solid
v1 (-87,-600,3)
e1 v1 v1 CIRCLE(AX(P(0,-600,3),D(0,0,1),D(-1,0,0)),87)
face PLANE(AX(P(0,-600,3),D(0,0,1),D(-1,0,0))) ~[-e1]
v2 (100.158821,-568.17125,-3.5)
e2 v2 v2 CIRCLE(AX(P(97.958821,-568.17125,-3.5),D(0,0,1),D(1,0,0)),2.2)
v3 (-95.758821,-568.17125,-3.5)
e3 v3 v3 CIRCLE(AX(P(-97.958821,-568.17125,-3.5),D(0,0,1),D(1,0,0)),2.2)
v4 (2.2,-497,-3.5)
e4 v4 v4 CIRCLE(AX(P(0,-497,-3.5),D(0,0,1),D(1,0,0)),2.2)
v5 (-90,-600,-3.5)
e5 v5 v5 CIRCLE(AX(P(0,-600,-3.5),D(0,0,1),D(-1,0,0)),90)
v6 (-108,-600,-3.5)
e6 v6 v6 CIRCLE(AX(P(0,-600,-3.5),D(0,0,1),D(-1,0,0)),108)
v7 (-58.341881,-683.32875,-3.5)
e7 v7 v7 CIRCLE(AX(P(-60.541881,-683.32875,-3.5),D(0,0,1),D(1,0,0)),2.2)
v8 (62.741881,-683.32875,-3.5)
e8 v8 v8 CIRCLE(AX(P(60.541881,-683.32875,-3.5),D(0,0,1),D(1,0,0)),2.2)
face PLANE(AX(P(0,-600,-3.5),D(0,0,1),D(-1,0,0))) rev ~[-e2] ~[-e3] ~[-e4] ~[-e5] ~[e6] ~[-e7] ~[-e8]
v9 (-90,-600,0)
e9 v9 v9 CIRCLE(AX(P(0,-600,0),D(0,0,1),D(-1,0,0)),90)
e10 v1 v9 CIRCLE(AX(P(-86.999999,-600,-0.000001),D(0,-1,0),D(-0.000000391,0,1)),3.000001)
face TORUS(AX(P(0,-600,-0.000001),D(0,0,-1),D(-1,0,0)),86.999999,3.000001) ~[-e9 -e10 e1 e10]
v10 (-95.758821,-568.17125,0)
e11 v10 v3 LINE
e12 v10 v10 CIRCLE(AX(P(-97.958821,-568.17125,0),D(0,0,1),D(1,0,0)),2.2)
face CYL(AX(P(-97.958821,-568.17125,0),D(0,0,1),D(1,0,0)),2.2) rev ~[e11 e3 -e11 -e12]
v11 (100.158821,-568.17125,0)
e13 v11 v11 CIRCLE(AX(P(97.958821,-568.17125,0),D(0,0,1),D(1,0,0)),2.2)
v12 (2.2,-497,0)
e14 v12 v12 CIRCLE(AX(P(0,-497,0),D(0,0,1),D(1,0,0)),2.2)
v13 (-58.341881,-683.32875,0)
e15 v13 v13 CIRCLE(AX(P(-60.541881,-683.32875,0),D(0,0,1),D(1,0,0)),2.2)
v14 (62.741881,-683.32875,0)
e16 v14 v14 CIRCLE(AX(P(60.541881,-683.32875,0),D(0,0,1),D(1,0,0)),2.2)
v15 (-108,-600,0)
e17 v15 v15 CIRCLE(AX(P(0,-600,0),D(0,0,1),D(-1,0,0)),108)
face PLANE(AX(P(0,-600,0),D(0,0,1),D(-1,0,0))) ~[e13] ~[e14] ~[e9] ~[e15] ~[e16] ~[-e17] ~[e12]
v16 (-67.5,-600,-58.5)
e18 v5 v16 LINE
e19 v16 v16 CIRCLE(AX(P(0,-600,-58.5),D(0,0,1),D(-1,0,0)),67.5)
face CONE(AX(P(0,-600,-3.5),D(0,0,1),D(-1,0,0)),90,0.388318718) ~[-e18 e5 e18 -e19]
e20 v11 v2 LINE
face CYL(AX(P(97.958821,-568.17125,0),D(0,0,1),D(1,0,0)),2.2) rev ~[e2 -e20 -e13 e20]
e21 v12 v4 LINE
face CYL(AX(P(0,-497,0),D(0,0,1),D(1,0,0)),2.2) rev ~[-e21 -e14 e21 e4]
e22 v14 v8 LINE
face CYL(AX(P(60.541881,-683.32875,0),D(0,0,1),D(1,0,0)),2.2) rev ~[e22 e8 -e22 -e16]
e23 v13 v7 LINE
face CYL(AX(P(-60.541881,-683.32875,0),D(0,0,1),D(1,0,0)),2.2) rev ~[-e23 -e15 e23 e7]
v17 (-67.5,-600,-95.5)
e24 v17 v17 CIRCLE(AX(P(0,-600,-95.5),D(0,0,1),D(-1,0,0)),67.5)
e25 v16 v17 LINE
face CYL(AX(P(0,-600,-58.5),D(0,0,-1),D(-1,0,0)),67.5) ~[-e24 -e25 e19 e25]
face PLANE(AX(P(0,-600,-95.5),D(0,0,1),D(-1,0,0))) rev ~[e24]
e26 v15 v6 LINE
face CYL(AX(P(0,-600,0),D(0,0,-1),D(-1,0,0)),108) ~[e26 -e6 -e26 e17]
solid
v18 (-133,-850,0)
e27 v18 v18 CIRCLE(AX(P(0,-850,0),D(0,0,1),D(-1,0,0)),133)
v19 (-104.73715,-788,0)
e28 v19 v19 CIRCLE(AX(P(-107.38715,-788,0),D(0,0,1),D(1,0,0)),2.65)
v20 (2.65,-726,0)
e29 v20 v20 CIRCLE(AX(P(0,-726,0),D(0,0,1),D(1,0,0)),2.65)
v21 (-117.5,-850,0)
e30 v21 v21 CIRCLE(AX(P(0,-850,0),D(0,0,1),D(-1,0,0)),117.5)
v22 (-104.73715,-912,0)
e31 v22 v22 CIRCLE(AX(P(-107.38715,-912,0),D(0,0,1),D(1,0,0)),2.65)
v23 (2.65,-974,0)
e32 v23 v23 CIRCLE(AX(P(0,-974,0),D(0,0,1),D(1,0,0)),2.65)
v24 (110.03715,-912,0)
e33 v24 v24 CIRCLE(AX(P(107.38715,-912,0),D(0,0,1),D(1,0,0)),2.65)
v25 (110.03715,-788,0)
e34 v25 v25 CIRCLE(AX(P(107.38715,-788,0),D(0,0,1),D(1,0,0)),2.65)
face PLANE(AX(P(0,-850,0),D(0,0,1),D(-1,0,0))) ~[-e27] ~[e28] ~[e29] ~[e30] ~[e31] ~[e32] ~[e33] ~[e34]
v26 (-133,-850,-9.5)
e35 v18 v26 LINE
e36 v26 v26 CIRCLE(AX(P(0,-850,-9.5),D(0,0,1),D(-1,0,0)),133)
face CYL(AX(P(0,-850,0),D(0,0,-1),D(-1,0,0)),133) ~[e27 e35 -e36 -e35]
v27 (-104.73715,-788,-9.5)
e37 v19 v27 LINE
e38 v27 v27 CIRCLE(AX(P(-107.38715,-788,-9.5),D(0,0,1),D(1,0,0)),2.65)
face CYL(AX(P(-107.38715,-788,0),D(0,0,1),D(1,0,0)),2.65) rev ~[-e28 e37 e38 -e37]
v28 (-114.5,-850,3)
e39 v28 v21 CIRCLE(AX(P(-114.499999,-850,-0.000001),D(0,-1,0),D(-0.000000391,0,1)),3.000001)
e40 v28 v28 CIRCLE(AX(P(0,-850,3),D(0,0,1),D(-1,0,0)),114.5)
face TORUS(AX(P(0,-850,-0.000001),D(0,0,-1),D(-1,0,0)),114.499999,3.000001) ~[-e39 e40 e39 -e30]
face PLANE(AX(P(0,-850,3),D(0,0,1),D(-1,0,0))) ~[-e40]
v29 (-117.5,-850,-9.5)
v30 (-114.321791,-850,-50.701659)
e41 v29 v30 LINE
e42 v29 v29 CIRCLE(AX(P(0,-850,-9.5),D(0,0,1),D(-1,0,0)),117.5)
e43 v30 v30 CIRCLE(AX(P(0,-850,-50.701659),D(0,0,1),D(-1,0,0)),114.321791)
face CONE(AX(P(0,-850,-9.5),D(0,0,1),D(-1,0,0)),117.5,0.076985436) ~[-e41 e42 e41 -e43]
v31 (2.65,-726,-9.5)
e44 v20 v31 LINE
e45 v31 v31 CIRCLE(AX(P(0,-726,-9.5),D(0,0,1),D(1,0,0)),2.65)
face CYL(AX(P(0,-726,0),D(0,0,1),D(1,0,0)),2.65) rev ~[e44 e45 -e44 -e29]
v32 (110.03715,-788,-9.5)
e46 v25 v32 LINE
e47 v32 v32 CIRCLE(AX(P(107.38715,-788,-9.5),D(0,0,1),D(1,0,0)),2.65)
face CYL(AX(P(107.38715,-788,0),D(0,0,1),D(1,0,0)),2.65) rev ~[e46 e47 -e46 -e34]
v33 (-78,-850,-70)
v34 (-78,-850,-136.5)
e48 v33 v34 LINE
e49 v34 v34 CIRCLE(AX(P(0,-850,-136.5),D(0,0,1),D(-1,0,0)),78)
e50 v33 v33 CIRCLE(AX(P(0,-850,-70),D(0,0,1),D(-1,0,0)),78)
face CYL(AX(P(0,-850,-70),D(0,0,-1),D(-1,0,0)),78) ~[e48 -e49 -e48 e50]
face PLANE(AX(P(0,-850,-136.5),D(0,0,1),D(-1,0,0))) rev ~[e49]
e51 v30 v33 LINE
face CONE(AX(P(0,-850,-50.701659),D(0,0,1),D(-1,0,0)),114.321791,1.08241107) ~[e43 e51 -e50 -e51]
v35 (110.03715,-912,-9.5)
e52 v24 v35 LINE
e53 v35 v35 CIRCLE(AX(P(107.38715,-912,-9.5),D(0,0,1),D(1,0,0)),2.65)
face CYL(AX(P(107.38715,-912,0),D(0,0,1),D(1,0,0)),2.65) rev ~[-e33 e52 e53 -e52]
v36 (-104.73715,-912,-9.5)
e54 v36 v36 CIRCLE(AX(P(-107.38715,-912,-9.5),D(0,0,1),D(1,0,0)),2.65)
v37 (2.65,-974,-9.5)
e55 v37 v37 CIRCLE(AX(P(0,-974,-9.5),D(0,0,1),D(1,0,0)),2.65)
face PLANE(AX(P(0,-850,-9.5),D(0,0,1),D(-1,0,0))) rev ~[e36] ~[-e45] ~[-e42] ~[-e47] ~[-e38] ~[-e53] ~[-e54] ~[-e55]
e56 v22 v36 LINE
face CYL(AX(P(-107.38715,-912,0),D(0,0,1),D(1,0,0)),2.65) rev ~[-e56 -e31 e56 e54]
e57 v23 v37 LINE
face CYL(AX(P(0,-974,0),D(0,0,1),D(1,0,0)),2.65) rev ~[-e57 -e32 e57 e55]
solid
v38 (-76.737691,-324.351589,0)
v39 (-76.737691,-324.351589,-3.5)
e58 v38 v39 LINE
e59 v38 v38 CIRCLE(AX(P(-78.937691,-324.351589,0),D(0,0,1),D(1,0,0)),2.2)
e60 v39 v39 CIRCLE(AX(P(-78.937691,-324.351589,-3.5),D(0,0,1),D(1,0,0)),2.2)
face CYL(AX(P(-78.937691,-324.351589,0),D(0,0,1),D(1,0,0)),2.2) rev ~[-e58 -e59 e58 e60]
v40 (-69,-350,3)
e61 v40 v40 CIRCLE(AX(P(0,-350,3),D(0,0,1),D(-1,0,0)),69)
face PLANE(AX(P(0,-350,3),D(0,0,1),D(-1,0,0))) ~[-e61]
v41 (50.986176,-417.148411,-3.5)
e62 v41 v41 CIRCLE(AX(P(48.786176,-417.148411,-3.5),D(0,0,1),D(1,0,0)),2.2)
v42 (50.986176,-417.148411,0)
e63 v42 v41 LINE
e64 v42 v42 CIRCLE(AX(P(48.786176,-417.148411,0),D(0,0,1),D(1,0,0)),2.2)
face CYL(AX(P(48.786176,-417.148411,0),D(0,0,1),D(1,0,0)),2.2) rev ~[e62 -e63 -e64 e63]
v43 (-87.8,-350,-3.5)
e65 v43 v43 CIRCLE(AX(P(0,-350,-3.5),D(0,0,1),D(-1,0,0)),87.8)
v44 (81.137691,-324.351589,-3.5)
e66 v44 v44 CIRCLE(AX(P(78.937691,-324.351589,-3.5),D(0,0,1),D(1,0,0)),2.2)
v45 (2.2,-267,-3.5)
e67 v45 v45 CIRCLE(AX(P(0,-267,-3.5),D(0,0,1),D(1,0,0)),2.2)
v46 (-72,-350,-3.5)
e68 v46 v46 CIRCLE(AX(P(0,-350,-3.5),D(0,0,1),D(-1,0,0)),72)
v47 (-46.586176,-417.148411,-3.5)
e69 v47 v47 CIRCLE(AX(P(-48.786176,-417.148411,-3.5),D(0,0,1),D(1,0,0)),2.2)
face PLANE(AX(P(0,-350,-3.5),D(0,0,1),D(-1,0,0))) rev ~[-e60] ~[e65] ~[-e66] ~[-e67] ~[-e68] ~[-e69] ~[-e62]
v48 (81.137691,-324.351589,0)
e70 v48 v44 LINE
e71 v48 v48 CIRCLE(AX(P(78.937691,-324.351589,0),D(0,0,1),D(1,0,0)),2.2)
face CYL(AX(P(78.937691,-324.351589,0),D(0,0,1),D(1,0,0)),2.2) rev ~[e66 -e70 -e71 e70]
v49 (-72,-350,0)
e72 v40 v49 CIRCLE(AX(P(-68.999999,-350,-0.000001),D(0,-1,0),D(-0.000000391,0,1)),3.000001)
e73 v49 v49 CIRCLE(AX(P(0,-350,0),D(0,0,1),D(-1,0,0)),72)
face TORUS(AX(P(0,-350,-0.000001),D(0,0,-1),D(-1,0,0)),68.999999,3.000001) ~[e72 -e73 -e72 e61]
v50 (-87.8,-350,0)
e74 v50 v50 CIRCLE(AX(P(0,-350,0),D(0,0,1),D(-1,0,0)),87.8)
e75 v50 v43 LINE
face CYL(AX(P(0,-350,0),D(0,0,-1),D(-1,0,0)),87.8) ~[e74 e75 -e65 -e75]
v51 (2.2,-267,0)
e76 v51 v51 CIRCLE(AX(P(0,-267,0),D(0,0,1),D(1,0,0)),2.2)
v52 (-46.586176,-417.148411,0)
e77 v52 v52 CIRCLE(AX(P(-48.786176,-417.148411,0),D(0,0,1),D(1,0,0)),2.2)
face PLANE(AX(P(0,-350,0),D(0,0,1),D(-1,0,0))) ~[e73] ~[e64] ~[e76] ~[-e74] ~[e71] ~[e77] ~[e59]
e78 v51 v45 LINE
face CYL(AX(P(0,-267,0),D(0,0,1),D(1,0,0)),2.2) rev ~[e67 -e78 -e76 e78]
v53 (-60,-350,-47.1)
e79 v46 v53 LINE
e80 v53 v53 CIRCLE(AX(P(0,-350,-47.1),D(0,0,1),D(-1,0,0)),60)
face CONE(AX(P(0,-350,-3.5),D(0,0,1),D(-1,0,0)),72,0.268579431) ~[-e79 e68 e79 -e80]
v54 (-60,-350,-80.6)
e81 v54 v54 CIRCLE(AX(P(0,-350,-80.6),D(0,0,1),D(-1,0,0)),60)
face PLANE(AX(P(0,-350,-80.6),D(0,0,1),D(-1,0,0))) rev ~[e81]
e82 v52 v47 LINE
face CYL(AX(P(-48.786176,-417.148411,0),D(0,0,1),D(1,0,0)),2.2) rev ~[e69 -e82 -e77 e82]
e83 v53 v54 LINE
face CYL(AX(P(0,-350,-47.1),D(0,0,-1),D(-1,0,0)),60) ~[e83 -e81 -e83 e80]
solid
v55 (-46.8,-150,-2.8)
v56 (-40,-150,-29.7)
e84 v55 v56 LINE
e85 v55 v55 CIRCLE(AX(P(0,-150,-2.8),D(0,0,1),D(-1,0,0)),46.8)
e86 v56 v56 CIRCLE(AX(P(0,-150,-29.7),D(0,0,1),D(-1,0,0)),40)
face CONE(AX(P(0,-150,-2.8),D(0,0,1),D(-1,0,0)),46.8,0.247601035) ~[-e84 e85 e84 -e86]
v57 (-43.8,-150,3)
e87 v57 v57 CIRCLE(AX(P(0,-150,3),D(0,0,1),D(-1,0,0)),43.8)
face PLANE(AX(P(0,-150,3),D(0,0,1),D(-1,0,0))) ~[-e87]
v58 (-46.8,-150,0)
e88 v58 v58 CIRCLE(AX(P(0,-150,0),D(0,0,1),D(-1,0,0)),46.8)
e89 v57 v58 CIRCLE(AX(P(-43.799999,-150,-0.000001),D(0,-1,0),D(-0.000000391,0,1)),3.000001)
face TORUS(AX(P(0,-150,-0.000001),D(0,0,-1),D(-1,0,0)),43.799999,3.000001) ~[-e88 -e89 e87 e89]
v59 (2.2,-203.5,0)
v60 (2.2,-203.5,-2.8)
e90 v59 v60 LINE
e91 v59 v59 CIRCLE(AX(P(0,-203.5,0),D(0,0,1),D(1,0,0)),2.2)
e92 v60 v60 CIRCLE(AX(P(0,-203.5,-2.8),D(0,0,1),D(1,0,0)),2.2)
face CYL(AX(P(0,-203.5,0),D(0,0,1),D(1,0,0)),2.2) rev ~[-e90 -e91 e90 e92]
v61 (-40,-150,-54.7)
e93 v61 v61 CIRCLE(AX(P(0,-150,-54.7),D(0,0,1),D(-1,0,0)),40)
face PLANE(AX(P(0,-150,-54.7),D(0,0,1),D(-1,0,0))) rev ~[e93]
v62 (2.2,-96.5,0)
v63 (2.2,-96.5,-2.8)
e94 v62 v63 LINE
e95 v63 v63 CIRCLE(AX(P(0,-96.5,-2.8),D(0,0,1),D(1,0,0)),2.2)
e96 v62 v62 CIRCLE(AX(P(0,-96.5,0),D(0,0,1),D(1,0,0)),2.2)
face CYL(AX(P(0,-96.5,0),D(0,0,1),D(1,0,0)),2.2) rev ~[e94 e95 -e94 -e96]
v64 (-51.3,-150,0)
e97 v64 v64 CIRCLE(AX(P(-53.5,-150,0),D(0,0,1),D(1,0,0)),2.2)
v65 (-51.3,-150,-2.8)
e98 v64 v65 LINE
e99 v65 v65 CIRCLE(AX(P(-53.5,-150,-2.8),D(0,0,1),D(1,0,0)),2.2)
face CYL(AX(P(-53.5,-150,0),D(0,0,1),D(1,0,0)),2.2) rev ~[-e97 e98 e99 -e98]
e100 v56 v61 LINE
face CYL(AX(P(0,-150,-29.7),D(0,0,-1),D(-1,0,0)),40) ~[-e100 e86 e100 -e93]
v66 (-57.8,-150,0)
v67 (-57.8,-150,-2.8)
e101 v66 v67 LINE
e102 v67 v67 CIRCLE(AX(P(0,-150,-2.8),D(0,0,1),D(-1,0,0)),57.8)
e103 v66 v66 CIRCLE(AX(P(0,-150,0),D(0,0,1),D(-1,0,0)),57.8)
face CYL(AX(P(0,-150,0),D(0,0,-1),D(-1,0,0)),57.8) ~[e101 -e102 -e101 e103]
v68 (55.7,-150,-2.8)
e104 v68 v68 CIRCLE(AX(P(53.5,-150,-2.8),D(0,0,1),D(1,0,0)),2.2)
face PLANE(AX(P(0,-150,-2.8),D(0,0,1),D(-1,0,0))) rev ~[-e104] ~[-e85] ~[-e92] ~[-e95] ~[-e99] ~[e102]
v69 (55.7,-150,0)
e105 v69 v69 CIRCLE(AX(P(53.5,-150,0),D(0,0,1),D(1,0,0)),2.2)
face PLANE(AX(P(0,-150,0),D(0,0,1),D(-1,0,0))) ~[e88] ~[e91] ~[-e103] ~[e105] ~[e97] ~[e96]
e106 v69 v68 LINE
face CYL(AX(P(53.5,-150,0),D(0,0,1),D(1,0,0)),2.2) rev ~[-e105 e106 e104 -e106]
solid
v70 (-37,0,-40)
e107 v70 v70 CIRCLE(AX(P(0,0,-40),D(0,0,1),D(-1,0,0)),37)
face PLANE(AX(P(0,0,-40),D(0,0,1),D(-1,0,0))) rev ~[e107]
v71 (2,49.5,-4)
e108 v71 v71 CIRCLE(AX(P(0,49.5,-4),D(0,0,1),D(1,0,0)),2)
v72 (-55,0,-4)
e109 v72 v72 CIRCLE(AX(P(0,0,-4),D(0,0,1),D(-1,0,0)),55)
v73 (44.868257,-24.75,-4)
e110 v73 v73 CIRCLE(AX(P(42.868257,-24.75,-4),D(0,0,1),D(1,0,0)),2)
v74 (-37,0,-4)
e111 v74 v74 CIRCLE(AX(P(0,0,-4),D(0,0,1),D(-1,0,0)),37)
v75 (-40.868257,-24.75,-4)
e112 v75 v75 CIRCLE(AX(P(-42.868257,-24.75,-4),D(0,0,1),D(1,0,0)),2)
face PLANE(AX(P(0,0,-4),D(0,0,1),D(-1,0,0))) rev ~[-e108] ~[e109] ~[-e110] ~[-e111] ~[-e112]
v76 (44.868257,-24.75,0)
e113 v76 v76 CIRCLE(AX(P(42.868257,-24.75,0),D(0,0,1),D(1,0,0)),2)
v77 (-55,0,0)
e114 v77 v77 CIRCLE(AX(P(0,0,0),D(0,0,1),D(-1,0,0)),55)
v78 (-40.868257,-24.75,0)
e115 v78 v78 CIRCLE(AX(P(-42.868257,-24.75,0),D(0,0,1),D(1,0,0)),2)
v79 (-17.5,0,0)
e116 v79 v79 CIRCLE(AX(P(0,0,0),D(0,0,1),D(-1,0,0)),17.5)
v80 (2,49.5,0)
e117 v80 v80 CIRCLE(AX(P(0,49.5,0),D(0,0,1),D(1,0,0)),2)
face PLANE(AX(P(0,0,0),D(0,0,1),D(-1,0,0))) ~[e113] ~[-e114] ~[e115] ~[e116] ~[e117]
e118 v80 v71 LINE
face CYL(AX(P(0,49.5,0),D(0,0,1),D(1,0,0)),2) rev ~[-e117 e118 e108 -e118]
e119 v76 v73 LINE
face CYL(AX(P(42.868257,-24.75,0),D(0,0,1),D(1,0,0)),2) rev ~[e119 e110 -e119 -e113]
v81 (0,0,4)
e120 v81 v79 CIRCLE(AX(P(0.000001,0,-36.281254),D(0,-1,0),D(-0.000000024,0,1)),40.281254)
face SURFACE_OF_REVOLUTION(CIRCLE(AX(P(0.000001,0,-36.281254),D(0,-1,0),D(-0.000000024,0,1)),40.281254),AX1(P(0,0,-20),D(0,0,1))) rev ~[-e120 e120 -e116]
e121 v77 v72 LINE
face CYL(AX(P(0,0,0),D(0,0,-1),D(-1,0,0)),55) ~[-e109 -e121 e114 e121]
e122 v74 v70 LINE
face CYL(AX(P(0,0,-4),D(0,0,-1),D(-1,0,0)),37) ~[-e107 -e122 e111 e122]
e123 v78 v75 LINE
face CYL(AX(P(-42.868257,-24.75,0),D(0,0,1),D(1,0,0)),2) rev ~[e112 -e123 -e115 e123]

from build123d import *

# Parameters (mm, degrees)
F6_R      = 2
F7_DEPTH  = 4
F10_R     = 2.2
F11_DEPTH = 2.8
F14_R     = 2.2
F15_DEPTH = 3.5
F18_R     = 2.2
F19_DEPTH = 3.5
F22_R     = 2.65
F23_DEPTH = 9.5


with BuildPart() as f5:
    # F4 (on Front) → F5 (revolve)
    with BuildSketch(Plane.XZ):
        with BuildLine():
            ThreePointArc((0, 4), (-8.975662, 2.987269), (-17.5, 0))
            Line((-17.5, 0), (-55, 0))
            Line((-55, 0), (-55, -4))
            Line((-55, -4), (-37, -4))
            Line((-37, -4), (-37, -40))
            Line((-37, -40), (0, -40))
            Line((0, -40), (0, 0))
            Line((0, 0), (0, 4))
        make_face()
    revolve(axis=Axis((0, 0, -20), (0, 0, 1)))

    # F6 (on face) → F7 (cut, through all)
    with BuildSketch(Plane.XY):
        with Locations((0, 49.5)):
            Circle(F6_R)
        with Locations((-42.868257, -24.75)):
            Circle(F6_R)
        with Locations((42.868257, -24.75)):
            Circle(F6_R)
    extrude(amount=-F7_DEPTH, mode=Mode.SUBTRACT)


with BuildPart() as f9:
    # F8 (on offset) → F9 (revolve)
    with BuildSketch(Plane.XZ.offset(150)):
        with BuildLine():
            Line((0, -54.7), (0, 3))
            Line((0, 3), (-43.8, 3))
            ThreePointArc((-43.8, 3), (-45.92132, 2.12132), (-46.8, 0))
            Line((-46.8, 0), (-57.8, 0))
            Line((-57.8, 0), (-57.8, -2.8))
            Line((-57.8, -2.8), (-46.8, -2.8))
            Line((-46.8, -2.8), (-40, -29.7))
            Line((-40, -29.7), (-40, -54.7))
            Line((-40, -54.7), (0, -54.7))
        make_face()
    revolve(axis=Axis((0, -150, -25.85), (0, 0, 1)))

    # F10 (on face) → F11 (cut, through all)
    with BuildSketch(Plane.XY):
        with Locations((0, -96.5)):
            Circle(F10_R)
        with Locations((-53.5, -150)):
            Circle(F10_R)
        with Locations((0, -203.5)):
            Circle(F10_R)
        with Locations((53.5, -150)):
            Circle(F10_R)
    extrude(amount=-F11_DEPTH, mode=Mode.SUBTRACT)


with BuildPart() as f13:
    # F12 (on offset) → F13 (revolve)
    with BuildSketch(Plane.XZ.offset(350)):
        with BuildLine():
            Line((0, -80.6), (0, 3))
            Line((0, 3), (-69, 3))
            ThreePointArc((-69, 3), (-71.12132, 2.12132), (-72, 0))
            Line((-72, 0), (-87.8, 0))
            Line((-87.8, 0), (-87.8, -3.5))
            Line((-87.8, -3.5), (-72, -3.5))
            Line((-72, -3.5), (-60, -47.1))
            Line((-60, -47.1), (-60, -80.6))
            Line((-60, -80.6), (0, -80.6))
        make_face()
    revolve(axis=Axis((0, -350, -38.8), (0, 0, 1)))

    # F14 (on face) → F15 (cut, through all)
    with BuildSketch(Plane.XY):
        with Locations((0, -267)):
            Circle(F14_R)
        with Locations((-78.937691, -324.351589)):
            Circle(F14_R)
        with Locations((-48.786176, -417.148411)):
            Circle(F14_R)
        with Locations((48.786176, -417.148411)):
            Circle(F14_R)
        with Locations((78.937691, -324.351589)):
            Circle(F14_R)
    extrude(amount=-F15_DEPTH, mode=Mode.SUBTRACT)


with BuildPart() as f17:
    # F16 (on offset) → F17 (revolve)
    with BuildSketch(Plane.XZ.offset(600)):
        with BuildLine():
            Line((0, -95.5), (0, 3))
            Line((0, 3), (-87, 3))
            ThreePointArc((-87, 3), (-89.12132, 2.12132), (-90, 0))
            Line((-90, 0), (-108, 0))
            Line((-108, 0), (-108, -3.5))
            Line((-108, -3.5), (-90, -3.5))
            Line((-90, -3.5), (-67.5, -58.5))
            Line((-67.5, -58.5), (-67.5, -95.5))
            Line((-67.5, -95.5), (0, -95.5))
        make_face()
    revolve(axis=Axis((0, -600, -46.25), (0, 0, 1)))

    # F18 (on face) → F19 (cut, through all)
    with BuildSketch(Plane.XY):
        with Locations((0, -497)):
            Circle(F18_R)
        with Locations((-97.958821, -568.17125)):
            Circle(F18_R)
        with Locations((-60.541881, -683.32875)):
            Circle(F18_R)
        with Locations((60.541881, -683.32875)):
            Circle(F18_R)
        with Locations((97.958821, -568.17125)):
            Circle(F18_R)
    extrude(amount=-F19_DEPTH, mode=Mode.SUBTRACT)


with BuildPart() as f21:
    # F20 (on offset) → F21 (revolve)
    with BuildSketch(Plane.XZ.offset(850)):
        with BuildLine():
            Line((0, -136.5), (0, 3))
            Line((0, 3), (-114.5, 3))
            ThreePointArc((-114.5, 3), (-116.62132, 2.12132), (-117.5, 0))
            Line((-117.5, 0), (-133, 0))
            Line((-133, 0), (-133, -9.5))
            Line((-133, -9.5), (-117.5, -9.5))
            Line((-117.5, -9.5), (-114.321791, -50.701659))
            Line((-114.321791, -50.701659), (-78, -70))
            Line((-78, -70), (-78, -136.5))
            Line((-78, -136.5), (0, -136.5))
        make_face()
    revolve(axis=Axis((0, -850, -66.75), (0, 0, 1)))

    # F22 (on face) → F23 (cut, through all)
    with BuildSketch(Plane.XY):
        with Locations((0, -726)):
            Circle(F22_R)
        with Locations((-107.38715, -788)):
            Circle(F22_R)
        with Locations((-107.38715, -912)):
            Circle(F22_R)
        with Locations((0, -974)):
            Circle(F22_R)
        with Locations((107.38715, -912)):
            Circle(F22_R)
        with Locations((107.38715, -788)):
            Circle(F22_R)
    extrude(amount=-F23_DEPTH, mode=Mode.SUBTRACT)


solid = Compound([f5.part, f9.part, f13.part, f17.part, f21.part])
